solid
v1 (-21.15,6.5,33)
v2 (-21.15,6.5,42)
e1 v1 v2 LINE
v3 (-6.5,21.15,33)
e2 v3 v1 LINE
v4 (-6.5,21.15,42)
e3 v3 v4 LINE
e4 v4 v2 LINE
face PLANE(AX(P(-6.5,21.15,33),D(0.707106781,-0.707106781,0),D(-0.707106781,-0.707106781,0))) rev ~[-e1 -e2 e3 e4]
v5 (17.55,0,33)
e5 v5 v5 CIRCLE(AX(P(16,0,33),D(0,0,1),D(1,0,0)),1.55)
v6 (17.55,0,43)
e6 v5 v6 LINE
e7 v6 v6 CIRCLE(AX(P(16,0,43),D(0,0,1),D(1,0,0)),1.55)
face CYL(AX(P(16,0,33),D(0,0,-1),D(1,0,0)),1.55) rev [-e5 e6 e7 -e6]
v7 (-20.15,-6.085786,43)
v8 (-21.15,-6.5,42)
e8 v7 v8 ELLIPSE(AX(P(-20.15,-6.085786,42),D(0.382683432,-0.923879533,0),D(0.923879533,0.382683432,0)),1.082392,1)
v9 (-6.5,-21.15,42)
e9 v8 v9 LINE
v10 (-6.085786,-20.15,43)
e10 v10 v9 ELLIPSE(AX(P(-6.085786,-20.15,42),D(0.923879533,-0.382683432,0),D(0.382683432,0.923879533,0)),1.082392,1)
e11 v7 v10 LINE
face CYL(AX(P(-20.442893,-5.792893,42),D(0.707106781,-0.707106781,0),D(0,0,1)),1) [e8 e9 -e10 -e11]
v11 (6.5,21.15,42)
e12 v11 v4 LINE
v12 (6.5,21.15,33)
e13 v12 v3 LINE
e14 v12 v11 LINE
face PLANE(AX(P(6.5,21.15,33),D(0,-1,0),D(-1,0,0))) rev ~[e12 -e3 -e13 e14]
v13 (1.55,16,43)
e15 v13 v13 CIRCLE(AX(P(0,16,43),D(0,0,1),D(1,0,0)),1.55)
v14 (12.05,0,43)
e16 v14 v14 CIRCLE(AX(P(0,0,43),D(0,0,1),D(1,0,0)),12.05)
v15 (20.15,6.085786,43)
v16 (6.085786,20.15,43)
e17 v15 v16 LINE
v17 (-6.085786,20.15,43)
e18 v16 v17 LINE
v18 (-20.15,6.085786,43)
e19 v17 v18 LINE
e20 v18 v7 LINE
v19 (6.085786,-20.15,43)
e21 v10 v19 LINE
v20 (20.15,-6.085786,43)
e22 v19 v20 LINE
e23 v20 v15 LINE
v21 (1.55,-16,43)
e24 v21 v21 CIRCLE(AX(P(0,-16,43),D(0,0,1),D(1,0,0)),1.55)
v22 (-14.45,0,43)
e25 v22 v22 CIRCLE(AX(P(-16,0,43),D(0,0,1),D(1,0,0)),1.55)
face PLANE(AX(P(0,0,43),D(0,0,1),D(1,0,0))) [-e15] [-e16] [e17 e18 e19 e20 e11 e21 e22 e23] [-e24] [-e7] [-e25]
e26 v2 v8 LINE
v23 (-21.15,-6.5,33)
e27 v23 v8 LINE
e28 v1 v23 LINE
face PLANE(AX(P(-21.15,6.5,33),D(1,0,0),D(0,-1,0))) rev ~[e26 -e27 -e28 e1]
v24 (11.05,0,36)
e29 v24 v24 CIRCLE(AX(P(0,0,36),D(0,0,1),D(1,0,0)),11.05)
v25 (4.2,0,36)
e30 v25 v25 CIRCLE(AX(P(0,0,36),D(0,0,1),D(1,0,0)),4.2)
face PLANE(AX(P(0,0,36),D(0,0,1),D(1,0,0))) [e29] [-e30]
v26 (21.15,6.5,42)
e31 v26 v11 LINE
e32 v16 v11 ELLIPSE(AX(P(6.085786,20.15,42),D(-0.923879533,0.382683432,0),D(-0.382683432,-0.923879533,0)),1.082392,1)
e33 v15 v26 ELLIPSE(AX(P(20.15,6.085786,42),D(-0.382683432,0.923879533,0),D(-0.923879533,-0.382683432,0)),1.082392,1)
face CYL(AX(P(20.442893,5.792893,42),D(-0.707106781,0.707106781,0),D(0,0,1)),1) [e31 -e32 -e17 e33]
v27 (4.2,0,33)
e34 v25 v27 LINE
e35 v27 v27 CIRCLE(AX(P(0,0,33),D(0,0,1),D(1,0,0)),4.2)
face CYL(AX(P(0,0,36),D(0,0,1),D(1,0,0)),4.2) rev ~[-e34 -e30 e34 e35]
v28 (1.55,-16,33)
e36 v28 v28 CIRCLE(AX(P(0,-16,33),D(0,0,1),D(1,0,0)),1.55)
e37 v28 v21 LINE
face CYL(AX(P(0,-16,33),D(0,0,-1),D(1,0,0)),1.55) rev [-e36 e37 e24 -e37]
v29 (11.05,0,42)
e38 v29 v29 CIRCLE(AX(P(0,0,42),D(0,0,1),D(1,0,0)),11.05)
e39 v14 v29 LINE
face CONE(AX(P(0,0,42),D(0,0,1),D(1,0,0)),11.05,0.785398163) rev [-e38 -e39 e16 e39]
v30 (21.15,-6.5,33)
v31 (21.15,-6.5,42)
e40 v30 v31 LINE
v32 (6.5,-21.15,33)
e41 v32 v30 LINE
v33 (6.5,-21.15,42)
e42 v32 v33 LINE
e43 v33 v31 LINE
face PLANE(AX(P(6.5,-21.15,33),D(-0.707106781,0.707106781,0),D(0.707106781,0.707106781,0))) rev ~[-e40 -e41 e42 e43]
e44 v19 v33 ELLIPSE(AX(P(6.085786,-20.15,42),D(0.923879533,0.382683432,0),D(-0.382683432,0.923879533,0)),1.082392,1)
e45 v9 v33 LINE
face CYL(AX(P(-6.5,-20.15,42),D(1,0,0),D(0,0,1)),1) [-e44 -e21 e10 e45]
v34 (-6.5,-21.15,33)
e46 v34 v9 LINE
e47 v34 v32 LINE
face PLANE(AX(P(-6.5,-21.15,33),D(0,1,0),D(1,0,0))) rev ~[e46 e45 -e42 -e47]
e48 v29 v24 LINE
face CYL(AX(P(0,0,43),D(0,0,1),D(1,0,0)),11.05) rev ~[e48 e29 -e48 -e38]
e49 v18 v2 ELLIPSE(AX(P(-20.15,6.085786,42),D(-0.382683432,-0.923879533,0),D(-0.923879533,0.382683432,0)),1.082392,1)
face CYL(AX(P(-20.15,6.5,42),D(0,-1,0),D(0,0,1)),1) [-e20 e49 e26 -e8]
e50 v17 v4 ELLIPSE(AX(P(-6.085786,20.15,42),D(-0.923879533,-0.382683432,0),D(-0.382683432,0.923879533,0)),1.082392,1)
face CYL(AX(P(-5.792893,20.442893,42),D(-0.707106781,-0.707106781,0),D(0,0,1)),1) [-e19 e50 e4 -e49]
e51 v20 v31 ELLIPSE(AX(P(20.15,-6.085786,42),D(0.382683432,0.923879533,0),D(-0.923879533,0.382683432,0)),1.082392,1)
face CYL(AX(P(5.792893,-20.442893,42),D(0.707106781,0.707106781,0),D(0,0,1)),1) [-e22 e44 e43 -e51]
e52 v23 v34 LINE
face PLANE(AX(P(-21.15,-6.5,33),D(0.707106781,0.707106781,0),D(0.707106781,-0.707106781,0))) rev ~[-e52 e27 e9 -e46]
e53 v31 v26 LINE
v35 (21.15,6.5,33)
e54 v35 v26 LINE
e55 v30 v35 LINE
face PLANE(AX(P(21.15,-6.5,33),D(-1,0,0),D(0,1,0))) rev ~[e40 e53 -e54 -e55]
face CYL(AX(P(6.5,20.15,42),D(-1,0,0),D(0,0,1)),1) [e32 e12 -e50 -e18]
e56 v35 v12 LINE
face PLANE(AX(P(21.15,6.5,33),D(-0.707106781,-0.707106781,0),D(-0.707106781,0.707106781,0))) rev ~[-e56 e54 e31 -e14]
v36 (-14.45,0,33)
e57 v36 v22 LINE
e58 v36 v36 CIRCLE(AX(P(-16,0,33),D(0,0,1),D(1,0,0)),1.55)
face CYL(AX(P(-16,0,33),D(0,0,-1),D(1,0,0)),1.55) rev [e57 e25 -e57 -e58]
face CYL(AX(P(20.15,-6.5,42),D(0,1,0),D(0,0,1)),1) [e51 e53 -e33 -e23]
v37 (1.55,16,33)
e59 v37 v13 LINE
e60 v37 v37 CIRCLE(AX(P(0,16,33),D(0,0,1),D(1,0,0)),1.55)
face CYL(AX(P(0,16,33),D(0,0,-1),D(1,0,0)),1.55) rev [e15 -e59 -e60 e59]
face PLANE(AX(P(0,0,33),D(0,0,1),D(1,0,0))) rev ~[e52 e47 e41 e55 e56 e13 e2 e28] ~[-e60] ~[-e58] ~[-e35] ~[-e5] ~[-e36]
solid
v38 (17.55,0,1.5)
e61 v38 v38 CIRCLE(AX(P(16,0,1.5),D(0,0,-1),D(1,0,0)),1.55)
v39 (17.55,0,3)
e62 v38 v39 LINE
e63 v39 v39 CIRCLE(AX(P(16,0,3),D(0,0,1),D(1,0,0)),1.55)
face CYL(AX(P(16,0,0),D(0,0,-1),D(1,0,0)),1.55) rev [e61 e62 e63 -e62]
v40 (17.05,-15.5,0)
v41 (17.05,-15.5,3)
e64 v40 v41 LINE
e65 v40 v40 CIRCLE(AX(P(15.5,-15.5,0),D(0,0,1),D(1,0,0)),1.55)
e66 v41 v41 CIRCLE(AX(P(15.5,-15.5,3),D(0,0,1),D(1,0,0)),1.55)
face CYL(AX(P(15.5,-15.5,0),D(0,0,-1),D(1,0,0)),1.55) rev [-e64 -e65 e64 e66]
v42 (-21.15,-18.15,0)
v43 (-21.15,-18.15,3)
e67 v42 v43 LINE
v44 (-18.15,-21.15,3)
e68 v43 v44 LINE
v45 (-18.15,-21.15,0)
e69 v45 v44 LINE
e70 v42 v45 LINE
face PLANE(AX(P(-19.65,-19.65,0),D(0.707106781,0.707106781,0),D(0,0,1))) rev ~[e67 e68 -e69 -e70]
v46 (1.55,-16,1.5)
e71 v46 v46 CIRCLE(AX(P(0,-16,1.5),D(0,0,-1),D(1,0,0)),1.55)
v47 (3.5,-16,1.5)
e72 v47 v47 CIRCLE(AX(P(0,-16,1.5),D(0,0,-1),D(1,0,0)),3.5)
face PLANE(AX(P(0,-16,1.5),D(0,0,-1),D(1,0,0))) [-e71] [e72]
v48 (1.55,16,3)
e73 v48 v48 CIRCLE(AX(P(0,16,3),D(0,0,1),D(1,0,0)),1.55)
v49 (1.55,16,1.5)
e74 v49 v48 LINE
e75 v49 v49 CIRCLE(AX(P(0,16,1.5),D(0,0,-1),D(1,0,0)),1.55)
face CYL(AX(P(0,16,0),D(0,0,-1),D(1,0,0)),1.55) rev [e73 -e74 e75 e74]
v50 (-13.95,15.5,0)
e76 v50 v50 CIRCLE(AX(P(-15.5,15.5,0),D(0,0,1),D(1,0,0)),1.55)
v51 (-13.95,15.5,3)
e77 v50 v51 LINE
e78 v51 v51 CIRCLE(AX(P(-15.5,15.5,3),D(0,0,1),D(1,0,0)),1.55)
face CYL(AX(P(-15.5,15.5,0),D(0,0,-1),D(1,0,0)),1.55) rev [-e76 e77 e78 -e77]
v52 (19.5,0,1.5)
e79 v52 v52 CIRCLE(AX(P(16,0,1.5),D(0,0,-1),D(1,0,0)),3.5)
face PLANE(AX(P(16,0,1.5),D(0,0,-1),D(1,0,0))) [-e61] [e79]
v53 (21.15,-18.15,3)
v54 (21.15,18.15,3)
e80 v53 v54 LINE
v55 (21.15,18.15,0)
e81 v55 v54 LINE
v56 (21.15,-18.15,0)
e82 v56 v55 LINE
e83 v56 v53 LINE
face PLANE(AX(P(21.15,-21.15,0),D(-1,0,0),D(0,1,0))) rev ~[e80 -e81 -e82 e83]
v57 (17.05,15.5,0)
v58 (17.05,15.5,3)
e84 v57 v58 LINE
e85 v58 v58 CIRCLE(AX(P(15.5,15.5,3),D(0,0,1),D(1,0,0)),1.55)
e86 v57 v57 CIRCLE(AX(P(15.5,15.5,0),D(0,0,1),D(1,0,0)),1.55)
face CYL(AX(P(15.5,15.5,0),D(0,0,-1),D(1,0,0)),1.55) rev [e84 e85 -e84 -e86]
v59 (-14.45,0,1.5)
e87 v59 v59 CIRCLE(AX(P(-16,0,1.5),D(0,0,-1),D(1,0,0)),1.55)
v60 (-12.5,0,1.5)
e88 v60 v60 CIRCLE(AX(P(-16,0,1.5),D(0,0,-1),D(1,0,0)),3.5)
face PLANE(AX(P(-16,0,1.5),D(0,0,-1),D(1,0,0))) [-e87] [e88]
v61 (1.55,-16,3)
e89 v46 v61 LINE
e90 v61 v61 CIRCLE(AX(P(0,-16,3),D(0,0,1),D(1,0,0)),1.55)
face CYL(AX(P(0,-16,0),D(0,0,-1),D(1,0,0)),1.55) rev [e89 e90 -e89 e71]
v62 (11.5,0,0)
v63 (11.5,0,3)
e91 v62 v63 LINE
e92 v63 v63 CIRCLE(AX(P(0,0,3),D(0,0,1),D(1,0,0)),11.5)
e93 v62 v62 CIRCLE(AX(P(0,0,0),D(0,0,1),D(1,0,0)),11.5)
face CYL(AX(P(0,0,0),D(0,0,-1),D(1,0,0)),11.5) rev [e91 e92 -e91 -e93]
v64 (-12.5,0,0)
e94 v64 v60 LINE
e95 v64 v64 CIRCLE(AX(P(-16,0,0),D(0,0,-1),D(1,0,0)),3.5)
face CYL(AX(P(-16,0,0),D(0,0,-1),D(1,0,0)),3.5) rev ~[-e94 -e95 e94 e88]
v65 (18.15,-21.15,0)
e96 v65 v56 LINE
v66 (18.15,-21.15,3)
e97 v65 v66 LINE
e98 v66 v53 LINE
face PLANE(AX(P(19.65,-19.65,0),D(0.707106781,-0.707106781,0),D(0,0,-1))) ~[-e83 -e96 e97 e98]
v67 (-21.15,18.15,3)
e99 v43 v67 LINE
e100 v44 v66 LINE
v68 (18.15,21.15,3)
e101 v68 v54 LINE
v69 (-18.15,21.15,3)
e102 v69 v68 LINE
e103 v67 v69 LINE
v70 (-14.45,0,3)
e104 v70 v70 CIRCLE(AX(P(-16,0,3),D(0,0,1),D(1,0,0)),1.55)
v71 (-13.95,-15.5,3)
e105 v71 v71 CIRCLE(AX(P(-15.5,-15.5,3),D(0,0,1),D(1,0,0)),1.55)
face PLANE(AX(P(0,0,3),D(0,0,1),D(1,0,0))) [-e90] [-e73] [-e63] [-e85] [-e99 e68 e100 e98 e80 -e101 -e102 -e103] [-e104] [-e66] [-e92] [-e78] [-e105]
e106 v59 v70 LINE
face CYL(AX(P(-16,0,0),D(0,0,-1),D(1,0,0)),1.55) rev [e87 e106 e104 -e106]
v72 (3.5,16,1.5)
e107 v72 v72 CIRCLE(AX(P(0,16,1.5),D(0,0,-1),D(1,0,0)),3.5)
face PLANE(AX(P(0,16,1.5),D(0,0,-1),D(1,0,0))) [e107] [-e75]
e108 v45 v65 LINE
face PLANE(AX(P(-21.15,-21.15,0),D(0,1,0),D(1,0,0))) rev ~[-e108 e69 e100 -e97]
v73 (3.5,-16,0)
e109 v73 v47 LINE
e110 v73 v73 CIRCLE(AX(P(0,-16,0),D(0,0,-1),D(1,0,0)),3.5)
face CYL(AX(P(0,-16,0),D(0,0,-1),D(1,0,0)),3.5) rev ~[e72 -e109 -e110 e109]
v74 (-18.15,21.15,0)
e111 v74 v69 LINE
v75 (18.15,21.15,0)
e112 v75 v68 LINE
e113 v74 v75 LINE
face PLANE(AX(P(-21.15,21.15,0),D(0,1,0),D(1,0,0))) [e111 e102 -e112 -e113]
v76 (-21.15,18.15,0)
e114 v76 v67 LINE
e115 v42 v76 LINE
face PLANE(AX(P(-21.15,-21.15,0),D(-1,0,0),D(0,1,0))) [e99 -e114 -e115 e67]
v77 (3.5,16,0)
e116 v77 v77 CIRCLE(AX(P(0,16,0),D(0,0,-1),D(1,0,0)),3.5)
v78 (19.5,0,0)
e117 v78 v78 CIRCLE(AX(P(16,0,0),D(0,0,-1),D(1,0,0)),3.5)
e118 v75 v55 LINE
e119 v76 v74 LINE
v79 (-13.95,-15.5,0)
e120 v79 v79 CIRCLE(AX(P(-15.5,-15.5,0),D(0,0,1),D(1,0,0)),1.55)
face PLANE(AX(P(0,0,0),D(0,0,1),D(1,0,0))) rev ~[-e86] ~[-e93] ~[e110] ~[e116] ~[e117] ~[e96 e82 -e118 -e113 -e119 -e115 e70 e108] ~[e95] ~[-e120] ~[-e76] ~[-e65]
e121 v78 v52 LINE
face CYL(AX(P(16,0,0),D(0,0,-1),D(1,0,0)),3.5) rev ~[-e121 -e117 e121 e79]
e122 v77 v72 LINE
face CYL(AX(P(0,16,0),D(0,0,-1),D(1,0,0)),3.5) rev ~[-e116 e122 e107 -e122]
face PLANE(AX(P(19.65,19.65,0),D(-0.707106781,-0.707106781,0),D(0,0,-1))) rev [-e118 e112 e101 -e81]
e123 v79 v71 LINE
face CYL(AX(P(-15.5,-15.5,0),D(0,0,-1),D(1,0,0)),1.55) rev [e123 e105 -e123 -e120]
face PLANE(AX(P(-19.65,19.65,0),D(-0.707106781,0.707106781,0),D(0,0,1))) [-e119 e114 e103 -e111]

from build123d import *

# Parameters (mm, degrees)
SKETCH_W        = 42.3
SKETCH_H        = 42.3
SKETCH_R        = 1.55
SKETCH_R_2      = 11.5
PAD_DEPTH       = 3
SKETCH001_R     = 3.5
POCKET_DEPTH    = 1.5
CHAMFER_SIZE    = 3
SKETCH002_R     = 1.55
PAD001_DEPTH    = 10
SKETCH003_R     = 11.05
POCKET001_DEPTH = 7
CHAMFER001_SIZE = 1
SKETCH004_R     = 4.2
POCKET002_DEPTH = 3
FILLET_R        = 1


with BuildPart() as grundplatte:
    # Sketch → Pad (new body)
    with BuildSketch(Plane.XY):
        Rectangle(SKETCH_W, SKETCH_H)
        with Locations((-15.5, 15.5)):
            Circle(SKETCH_R, mode=Mode.SUBTRACT)
        with Locations((15.5, 15.5)):
            Circle(SKETCH_R, mode=Mode.SUBTRACT)
        with Locations((-15.5, -15.5)):
            Circle(SKETCH_R, mode=Mode.SUBTRACT)
        with Locations((15.5, -15.5)):
            Circle(SKETCH_R, mode=Mode.SUBTRACT)
        Circle(SKETCH_R_2, mode=Mode.SUBTRACT)
        with Locations((-16, 0)):
            Circle(SKETCH_R, mode=Mode.SUBTRACT)
        with Locations((16, 0)):
            Circle(SKETCH_R, mode=Mode.SUBTRACT)
        with Locations((0, -16)):
            Circle(SKETCH_R, mode=Mode.SUBTRACT)
        with Locations((0, 16)):
            Circle(SKETCH_R, mode=Mode.SUBTRACT)
    extrude(amount=PAD_DEPTH)

    # Sketch001 → Pocket (cut)
    with BuildSketch(Plane(origin=(0, 0, 0), x_dir=(1, 0, 0), z_dir=(0, 0, -1))):
        with Locations((-16, 0)):
            Circle(SKETCH001_R)
        with Locations((16, 0)):
            Circle(SKETCH001_R)
        with Locations((0, 16)):
            Circle(SKETCH001_R)
        with Locations((0, -16)):
            Circle(SKETCH001_R)
    extrude(amount=-POCKET_DEPTH, mode=Mode.SUBTRACT)

    # Chamfer
    chamfer_edges = [grundplatte.edges().sort_by_distance(p)[0] for p in [
        (-21.15, -21.15, 1.5),
        (-21.15, 21.15, 1.5),
        (21.15, 21.15, 1.5),
        (21.15, -21.15, 1.5),
    ]]
    chamfer(chamfer_edges, length=CHAMFER_SIZE)


with BuildPart() as lagersitz:
    # Sketch002 → Pad001 (new body)
    with BuildSketch(Plane.XY.offset(33)):
        Polygon((21.15, -6.5), (21.15, 6.5), (6.5, 21.15), (-6.5, 21.15), (-21.15, 6.5), (-21.15, -6.5), (-6.5, -21.15), (6.5, -21.15), align=None)
        with Locations((-16, 0)):
            Circle(SKETCH002_R, mode=Mode.SUBTRACT)
        with Locations((0, 16)):
            Circle(SKETCH002_R, mode=Mode.SUBTRACT)
        with Locations((16, 0)):
            Circle(SKETCH002_R, mode=Mode.SUBTRACT)
        with Locations((0, -16)):
            Circle(SKETCH002_R, mode=Mode.SUBTRACT)
    extrude(amount=PAD001_DEPTH)

    # Sketch003 → Pocket001 (cut)
    with BuildSketch(Plane.XY.offset(43)):
        Circle(SKETCH003_R)
    extrude(amount=-POCKET001_DEPTH, mode=Mode.SUBTRACT)

    # Chamfer001
    chamfer001_edges = [lagersitz.edges().sort_by_distance(p)[0] for p in [
        (-11.05, 0, 43),
    ]]
    chamfer(chamfer001_edges, length=CHAMFER001_SIZE)

    # Sketch004 → Pocket002 (cut)
    with BuildSketch(Plane.XY.offset(36)):
        Circle(SKETCH004_R)
    extrude(amount=-POCKET002_DEPTH, mode=Mode.SUBTRACT)

    # Fillet
    fillet_edges = [lagersitz.edges().sort_by_distance(p)[0] for p in [
        (0, 21.15, 43),
        (-13.825, 13.825, 43),
        (13.825, 13.825, 43),
        (21.15, 0, 43),
        (13.825, -13.825, 43),
        (0, -21.15, 43),
        (-13.825, -13.825, 43),
        (-21.15, 0, 43),
    ]]
    fillet(fillet_edges, radius=FILLET_R)


solid = Compound([grundplatte.part, lagersitz.part])
